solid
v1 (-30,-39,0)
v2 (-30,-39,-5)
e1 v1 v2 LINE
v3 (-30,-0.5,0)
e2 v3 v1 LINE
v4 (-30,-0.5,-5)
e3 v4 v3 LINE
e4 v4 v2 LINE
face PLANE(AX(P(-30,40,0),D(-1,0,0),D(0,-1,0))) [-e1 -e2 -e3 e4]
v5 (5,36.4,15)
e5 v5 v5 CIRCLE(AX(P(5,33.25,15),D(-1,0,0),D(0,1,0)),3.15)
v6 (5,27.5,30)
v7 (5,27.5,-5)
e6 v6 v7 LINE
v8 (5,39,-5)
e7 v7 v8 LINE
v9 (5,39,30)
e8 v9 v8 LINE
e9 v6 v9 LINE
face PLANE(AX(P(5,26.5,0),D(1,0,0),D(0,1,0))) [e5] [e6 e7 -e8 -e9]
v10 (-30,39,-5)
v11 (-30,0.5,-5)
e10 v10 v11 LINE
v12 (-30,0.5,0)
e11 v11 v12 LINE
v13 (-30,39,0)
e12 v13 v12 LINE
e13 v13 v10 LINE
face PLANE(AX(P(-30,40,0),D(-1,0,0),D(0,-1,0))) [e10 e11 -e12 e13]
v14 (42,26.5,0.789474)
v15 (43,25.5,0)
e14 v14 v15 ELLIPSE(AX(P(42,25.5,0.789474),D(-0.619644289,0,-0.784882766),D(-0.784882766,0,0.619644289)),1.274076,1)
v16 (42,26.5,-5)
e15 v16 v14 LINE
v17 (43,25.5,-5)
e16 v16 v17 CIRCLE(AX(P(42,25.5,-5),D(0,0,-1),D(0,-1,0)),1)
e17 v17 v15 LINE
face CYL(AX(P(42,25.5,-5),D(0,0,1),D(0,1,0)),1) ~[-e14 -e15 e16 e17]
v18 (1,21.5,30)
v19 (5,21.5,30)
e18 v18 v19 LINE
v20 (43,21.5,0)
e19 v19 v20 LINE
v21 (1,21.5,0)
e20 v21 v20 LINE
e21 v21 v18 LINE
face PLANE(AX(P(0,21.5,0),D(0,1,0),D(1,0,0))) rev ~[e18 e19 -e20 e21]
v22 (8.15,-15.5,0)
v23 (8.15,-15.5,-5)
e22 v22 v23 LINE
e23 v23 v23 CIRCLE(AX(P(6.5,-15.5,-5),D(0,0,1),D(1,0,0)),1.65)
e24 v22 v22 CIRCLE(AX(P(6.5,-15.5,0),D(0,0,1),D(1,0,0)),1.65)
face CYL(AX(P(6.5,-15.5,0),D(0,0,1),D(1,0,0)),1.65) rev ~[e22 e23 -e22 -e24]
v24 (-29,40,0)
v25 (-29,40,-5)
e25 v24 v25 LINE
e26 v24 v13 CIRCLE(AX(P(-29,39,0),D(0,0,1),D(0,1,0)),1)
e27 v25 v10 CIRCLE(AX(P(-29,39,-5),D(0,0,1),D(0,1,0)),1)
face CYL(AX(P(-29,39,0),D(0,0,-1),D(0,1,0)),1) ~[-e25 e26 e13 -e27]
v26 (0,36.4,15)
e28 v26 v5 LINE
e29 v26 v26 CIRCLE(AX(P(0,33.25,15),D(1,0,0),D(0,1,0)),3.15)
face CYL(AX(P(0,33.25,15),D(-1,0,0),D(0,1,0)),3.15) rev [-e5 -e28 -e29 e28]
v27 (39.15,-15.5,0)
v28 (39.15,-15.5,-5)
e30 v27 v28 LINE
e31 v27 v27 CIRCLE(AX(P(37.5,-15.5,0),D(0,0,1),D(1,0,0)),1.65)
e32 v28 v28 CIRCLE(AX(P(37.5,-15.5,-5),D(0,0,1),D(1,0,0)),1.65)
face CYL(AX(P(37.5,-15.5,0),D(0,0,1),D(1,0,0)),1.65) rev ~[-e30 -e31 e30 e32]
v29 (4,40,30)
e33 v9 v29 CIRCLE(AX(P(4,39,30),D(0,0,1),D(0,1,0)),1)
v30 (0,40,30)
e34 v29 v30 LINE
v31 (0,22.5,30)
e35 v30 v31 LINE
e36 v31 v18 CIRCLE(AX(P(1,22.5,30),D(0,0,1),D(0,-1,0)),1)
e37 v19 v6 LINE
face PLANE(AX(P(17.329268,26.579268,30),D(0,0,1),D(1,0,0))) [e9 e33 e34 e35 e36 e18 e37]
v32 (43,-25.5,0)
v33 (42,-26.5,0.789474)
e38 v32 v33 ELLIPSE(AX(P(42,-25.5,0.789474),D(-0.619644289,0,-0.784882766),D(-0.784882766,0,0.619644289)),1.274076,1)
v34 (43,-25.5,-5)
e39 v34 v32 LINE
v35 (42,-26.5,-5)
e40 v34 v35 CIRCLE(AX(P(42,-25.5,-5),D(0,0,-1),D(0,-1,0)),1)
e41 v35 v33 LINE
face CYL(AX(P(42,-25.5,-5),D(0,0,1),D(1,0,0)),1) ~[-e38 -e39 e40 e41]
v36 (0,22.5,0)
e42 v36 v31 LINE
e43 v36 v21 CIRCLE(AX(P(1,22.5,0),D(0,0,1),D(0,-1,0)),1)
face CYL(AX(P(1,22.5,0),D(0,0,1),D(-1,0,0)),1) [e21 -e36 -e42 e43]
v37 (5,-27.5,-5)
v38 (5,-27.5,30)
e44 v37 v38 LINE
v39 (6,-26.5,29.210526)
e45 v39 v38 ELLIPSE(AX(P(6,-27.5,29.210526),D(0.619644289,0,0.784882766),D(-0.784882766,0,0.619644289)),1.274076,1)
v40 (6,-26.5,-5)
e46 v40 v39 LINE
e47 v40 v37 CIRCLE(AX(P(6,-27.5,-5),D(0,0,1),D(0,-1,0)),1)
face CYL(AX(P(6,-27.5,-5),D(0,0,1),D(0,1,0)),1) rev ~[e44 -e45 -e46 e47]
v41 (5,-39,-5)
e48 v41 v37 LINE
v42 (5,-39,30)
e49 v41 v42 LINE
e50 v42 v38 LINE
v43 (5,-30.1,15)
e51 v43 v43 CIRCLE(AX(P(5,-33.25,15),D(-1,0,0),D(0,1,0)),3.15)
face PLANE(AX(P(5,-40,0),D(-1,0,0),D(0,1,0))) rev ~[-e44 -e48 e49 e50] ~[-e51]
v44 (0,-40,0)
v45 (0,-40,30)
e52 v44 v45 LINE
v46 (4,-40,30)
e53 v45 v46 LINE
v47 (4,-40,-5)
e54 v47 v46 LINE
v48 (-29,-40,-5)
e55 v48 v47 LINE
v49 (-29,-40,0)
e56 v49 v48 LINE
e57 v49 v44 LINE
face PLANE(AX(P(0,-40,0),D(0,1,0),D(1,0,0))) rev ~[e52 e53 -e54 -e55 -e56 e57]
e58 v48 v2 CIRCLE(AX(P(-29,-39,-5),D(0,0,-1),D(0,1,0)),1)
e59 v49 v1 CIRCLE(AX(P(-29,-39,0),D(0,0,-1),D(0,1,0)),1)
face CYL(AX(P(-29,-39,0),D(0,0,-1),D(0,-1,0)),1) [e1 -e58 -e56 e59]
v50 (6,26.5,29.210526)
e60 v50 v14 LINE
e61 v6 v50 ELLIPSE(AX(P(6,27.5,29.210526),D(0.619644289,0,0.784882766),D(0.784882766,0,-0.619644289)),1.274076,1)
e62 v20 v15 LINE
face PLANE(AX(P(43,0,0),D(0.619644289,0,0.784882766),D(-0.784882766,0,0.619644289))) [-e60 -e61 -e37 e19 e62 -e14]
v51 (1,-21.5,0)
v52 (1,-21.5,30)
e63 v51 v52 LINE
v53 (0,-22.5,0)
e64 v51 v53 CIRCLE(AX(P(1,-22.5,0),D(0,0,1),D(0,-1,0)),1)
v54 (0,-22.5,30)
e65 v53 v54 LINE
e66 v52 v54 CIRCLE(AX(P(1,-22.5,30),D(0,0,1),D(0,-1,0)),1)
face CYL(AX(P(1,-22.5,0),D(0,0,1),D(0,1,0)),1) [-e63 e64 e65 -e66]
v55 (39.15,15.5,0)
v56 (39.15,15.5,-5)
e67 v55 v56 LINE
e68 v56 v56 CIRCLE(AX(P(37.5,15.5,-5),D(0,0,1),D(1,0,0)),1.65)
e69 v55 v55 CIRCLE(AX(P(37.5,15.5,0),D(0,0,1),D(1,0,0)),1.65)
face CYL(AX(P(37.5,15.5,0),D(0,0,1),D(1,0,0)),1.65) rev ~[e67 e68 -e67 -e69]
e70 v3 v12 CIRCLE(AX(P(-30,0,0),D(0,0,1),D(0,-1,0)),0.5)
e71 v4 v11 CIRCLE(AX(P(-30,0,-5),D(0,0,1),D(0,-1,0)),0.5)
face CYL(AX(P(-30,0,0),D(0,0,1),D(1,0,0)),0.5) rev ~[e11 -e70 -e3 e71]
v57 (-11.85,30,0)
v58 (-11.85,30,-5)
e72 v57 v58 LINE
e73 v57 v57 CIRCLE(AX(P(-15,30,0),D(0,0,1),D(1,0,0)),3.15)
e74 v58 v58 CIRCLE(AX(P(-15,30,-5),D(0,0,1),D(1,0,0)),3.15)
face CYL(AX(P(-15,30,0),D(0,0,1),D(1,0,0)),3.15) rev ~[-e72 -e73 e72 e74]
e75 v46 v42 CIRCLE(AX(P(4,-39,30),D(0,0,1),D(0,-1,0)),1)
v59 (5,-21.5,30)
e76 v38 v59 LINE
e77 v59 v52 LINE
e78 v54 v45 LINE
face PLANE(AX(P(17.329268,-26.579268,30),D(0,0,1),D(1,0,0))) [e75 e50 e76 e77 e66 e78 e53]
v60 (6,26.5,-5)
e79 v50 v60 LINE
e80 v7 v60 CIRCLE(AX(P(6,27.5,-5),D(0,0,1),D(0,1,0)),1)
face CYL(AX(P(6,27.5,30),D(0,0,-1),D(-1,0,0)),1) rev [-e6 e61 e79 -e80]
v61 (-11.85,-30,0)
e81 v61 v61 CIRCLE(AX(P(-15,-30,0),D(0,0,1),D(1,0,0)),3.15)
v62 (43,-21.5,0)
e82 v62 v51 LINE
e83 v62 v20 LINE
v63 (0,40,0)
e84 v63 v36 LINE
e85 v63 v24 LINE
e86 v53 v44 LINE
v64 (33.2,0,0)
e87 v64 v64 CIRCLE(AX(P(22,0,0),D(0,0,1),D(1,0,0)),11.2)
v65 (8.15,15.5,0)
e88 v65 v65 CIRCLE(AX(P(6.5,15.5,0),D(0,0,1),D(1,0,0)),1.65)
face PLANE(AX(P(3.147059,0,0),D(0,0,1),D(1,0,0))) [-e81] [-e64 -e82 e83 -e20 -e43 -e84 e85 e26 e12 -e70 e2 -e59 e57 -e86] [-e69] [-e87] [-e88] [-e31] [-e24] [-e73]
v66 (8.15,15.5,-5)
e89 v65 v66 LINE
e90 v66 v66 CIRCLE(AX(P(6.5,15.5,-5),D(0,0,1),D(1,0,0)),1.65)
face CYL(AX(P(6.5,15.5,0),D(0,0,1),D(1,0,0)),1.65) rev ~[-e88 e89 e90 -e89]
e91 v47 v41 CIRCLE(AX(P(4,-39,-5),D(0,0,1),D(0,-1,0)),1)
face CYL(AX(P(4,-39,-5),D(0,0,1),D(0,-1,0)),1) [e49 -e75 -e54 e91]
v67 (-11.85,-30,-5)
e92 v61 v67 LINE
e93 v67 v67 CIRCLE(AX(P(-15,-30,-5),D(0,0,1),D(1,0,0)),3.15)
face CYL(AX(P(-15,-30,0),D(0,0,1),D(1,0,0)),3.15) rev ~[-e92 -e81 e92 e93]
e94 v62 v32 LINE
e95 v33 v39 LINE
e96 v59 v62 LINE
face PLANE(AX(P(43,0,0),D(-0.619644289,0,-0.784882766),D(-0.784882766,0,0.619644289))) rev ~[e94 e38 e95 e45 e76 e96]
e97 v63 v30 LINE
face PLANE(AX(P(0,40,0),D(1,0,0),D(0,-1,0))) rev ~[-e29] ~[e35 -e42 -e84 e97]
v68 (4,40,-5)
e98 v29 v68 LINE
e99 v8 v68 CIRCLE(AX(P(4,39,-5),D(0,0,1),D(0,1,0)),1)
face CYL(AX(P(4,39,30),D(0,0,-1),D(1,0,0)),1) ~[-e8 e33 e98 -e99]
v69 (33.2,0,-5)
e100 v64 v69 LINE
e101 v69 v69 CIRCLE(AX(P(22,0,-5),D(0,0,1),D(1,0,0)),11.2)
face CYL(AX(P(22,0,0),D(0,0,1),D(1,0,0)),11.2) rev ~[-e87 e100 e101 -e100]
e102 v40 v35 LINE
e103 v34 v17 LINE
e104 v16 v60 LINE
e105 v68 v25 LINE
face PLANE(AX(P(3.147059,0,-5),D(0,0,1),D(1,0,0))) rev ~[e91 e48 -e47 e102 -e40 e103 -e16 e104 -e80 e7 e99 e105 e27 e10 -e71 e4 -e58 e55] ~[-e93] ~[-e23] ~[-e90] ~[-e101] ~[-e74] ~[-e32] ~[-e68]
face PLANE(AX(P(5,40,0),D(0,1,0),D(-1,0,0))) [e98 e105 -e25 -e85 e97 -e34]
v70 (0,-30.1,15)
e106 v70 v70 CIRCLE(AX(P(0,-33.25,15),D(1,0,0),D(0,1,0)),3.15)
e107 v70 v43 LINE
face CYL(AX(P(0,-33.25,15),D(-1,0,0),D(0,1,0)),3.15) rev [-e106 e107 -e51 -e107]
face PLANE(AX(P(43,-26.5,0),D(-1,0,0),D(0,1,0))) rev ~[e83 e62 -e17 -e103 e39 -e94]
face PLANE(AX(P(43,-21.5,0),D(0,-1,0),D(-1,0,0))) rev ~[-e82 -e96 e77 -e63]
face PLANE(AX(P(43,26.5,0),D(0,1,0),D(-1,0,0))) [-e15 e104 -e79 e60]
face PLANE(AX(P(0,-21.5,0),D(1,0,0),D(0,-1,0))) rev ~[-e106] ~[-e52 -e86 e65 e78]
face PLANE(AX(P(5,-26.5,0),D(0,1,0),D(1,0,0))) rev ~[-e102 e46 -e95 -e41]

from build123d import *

# Parameters (mm, degrees)
SKETCH_R             = 11.2
SKETCH_R_2           = 3.15
SKETCH_R_3           = 1.65
PAD_DEPTH            = 5
PAD001_DEPTH         = 30
SKETCH002_R          = 3.15
POCKET_DEPTH         = 43.001
POCKET001_DEPTH      = 40.001
POCKET001_DEPTH_BACK = -40.001
FILLET_R             = 1
SKETCH004_R          = 0.5
POCKET002_DEPTH      = 5.001
POCKET002_DEPTH_BACK = -30.001


with BuildPart() as part:
    # Sketch → Pad (new body)
    with BuildSketch(Plane.XY):
        Polygon((-30, 40), (-30, -40), (5, -40), (5, -26.5), (43, -26.5), (43, 26.5), (5, 26.5), (5, 40), align=None)
        with Locations((22, 0)):
            Circle(SKETCH_R, mode=Mode.SUBTRACT)
        with Locations((-15, 30)):
            Circle(SKETCH_R_2, mode=Mode.SUBTRACT)
        with Locations((-15, -30)):
            Circle(SKETCH_R_2, mode=Mode.SUBTRACT)
        with Locations((6.5, -15.5)):
            Circle(SKETCH_R_3, mode=Mode.SUBTRACT)
        with Locations((37.5, -15.5)):
            Circle(SKETCH_R_3, mode=Mode.SUBTRACT)
        with Locations((37.5, 15.5)):
            Circle(SKETCH_R_3, mode=Mode.SUBTRACT)
        with Locations((6.5, 15.5)):
            Circle(SKETCH_R_3, mode=Mode.SUBTRACT)
    extrude(amount=-PAD_DEPTH)

    # Sketch001 → Pad001 (join)
    with BuildSketch(Plane.XY):
        Polygon((0, -40), (5, -40), (5, -26.5), (43, -26.5), (43, -21.5), (0, -21.5), align=None)
        Polygon((0, 21.5), (43, 21.5), (43, 26.5), (5, 26.5), (5, 40), (0, 40), align=None)
    extrude(amount=PAD001_DEPTH)

    # Sketch002 → Pocket (cut, through all)
    with BuildSketch(Plane.YZ):
        with Locations((-33.25, 15)):
            Circle(SKETCH002_R)
        with Locations((33.25, 15)):
            Circle(SKETCH002_R)
    extrude(amount=POCKET_DEPTH, mode=Mode.SUBTRACT)

    # Sketch003 → Pocket001 (cut, two sides)
    with BuildSketch(Plane.XZ) as pocket001_sk:
        Polygon((5, 30), (43, 30), (43, 0), align=None)
    extrude(amount=-POCKET001_DEPTH, mode=Mode.SUBTRACT)
    extrude(pocket001_sk.sketch, amount=-POCKET001_DEPTH_BACK, mode=Mode.SUBTRACT)

    # Fillet
    fillet_edges = [part.edges().sort_by_distance(p)[0] for p in [
        (5, -26.5, 12.5),
        (5, 26.5, 12.5),
        (43, 26.5, -2.5),
        (43, -26.5, -2.5),
        (0, -21.5, 15),
        (0, 21.5, 15),
        (5, -40, 12.5),
        (5, 40, 12.5),
        (-30, 40, -2.5),
        (-30, -40, -2.5),
    ]]
    fillet(fillet_edges, radius=FILLET_R)

    # Sketch004 (on Face2 of Fillet) → Pocket002 (cut, two sides)
    with BuildSketch(Plane.XY) as pocket002_sk:
        with Locations((-30, 0)):
            Circle(SKETCH004_R)
    extrude(amount=-POCKET002_DEPTH, mode=Mode.SUBTRACT)
    extrude(pocket002_sk.sketch, amount=-POCKET002_DEPTH_BACK, mode=Mode.SUBTRACT)


solid = part.part
